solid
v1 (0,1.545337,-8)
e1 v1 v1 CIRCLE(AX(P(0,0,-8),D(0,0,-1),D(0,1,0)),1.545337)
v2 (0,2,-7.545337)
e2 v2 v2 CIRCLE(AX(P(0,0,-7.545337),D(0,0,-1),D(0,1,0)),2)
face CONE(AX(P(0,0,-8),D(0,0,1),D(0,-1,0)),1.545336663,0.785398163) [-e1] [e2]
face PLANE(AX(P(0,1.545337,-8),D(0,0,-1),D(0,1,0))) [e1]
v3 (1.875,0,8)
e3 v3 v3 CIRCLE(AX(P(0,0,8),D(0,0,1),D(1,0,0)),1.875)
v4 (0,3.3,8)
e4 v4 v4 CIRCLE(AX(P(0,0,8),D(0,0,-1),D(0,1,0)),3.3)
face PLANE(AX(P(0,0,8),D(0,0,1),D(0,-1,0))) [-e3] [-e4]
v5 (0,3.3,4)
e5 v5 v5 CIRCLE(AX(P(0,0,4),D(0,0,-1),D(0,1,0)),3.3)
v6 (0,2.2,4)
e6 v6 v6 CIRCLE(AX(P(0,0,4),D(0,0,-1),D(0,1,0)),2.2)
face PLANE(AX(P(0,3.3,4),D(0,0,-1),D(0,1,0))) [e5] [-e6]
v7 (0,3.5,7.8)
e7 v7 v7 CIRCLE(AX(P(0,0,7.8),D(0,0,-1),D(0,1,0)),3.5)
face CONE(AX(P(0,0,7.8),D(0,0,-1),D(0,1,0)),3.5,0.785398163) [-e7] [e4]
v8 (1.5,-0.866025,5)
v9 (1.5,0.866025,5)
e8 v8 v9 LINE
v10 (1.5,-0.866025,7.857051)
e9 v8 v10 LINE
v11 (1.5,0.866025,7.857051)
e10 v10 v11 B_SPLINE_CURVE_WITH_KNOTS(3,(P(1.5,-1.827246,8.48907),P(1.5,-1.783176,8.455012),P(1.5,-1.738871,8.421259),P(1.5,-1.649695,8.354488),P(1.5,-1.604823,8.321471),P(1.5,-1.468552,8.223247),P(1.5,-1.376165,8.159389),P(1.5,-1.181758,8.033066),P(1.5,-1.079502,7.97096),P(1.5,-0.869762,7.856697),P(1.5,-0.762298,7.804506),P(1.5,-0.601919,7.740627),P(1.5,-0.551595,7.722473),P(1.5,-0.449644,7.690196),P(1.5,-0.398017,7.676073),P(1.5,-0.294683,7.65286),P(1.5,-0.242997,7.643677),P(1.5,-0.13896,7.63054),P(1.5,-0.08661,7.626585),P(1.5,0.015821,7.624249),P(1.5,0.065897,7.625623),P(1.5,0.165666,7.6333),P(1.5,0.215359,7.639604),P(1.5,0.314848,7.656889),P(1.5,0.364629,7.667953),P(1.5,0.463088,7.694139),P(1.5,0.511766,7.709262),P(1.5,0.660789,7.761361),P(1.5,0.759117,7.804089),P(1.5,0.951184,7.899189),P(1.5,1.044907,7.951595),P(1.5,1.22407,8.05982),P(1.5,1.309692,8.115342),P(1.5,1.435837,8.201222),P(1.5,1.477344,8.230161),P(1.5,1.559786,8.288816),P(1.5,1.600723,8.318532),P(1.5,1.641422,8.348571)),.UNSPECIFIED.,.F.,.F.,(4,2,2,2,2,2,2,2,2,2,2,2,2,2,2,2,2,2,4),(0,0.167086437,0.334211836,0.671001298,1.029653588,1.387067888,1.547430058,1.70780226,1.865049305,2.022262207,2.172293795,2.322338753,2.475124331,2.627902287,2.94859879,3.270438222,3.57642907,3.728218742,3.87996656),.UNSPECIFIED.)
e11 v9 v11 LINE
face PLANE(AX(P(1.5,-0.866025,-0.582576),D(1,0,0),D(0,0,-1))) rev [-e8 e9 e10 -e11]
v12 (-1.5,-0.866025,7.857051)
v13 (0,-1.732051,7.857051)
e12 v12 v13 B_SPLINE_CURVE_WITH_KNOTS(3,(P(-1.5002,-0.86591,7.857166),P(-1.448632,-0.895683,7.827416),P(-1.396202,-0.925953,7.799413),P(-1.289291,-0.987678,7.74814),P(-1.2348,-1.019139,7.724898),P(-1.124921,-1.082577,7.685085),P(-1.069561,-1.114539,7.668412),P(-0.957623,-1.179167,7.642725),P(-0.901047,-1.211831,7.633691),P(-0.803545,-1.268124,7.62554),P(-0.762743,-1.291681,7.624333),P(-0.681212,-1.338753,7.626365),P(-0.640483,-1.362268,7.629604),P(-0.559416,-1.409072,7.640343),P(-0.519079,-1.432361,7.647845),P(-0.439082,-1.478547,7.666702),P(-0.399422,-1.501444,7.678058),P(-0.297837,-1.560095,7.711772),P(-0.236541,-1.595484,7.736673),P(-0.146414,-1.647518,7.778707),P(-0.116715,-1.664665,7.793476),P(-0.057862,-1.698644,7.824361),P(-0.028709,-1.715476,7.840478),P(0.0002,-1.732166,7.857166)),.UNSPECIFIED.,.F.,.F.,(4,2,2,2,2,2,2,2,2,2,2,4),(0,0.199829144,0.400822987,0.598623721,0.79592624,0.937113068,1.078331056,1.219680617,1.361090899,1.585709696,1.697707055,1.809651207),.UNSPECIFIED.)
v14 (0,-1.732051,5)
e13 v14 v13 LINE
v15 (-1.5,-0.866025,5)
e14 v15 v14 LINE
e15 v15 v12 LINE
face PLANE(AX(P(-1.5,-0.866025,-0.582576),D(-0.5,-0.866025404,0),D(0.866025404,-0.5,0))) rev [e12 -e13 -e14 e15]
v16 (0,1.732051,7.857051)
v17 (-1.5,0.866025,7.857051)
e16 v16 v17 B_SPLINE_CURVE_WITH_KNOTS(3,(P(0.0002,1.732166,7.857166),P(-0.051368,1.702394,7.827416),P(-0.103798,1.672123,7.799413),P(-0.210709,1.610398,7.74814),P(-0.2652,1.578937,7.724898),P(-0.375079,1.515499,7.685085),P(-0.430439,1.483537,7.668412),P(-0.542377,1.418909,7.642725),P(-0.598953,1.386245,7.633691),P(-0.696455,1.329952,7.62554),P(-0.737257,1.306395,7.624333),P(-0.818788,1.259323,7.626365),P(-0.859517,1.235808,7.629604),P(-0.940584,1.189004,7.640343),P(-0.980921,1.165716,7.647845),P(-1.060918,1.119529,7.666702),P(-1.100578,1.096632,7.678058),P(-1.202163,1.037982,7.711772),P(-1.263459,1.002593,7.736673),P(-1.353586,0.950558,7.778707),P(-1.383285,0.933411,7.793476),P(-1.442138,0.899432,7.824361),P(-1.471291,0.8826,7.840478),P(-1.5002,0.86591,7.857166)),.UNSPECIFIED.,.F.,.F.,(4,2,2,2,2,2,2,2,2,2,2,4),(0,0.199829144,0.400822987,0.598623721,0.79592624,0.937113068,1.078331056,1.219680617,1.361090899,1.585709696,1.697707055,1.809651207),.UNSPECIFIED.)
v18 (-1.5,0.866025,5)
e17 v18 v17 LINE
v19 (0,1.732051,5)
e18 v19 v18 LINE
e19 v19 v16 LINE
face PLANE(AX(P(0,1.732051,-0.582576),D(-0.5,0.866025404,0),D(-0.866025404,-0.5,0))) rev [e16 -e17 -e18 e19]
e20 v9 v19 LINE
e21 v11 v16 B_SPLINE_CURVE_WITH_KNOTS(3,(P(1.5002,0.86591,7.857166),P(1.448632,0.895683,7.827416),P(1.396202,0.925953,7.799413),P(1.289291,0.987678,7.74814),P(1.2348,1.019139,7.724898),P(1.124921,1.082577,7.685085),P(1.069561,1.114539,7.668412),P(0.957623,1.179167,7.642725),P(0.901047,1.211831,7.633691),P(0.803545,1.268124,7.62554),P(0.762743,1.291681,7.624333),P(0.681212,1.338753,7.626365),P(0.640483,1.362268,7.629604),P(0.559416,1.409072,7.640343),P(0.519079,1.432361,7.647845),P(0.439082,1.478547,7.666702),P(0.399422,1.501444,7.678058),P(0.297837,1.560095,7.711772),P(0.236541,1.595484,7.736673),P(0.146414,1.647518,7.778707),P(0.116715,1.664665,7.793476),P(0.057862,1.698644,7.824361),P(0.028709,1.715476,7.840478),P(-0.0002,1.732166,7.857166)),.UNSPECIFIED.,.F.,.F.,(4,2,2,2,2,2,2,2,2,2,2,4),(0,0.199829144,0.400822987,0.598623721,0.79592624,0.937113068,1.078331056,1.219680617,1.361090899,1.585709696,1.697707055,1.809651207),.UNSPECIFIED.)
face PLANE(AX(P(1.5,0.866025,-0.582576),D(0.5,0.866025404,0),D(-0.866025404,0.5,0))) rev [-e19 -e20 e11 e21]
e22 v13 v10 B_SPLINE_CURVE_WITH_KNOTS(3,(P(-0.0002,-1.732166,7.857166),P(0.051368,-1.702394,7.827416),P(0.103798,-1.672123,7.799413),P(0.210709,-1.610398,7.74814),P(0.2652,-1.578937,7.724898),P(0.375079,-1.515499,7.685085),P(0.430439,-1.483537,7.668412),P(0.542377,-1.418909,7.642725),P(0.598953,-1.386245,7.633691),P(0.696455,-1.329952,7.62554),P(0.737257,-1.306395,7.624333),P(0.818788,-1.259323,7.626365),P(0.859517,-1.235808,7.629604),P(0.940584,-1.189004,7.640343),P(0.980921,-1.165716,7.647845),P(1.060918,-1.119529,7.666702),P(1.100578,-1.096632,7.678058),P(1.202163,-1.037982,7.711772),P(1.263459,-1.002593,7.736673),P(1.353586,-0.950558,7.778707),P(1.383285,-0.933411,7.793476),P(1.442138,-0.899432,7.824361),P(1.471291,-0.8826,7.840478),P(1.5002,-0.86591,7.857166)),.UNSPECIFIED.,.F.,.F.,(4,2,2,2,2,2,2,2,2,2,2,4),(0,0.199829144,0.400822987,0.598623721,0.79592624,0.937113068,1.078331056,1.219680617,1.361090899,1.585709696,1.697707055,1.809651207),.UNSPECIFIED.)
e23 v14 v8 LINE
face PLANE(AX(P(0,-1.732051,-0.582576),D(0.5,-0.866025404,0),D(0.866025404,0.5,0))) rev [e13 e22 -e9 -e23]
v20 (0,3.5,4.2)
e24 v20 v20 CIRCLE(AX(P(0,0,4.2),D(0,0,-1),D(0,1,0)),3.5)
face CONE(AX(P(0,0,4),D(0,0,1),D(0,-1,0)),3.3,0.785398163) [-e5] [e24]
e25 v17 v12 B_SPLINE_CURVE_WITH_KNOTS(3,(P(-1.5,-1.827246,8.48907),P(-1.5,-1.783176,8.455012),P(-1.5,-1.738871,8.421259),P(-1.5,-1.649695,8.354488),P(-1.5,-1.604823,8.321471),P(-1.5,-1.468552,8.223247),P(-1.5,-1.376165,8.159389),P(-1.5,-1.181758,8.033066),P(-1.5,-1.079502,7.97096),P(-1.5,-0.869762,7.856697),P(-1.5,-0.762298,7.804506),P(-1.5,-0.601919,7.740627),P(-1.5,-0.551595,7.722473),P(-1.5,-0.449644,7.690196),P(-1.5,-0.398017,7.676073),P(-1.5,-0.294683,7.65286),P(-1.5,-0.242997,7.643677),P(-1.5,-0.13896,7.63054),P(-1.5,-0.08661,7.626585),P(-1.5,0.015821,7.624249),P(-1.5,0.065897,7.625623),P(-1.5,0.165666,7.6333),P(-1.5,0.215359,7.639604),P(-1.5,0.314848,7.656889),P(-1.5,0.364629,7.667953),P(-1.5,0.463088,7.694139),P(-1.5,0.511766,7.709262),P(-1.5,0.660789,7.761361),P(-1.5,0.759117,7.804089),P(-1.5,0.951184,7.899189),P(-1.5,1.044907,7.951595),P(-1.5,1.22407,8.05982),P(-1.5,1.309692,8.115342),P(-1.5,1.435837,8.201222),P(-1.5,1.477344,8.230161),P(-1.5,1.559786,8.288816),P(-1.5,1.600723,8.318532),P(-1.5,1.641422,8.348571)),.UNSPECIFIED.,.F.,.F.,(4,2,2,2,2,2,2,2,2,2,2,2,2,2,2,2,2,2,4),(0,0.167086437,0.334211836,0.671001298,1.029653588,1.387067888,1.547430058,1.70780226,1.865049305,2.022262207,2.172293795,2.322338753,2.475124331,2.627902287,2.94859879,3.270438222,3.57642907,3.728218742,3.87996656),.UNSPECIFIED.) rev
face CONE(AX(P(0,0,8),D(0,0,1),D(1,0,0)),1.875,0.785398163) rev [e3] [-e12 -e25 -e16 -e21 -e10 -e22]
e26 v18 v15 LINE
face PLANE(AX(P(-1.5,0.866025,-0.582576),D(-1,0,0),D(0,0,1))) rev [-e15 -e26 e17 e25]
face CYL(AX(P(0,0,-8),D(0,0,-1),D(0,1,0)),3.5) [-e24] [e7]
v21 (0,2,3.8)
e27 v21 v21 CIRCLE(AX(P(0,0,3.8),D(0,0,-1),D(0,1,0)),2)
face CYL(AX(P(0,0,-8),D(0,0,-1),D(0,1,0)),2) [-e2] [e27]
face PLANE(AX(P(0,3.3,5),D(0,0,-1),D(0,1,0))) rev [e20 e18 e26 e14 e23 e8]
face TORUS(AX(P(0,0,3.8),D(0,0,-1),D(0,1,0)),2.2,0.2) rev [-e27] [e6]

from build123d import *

# Parameters (mm, degrees)
CUT_EXTRUDE1_DEPTH = 3


with BuildPart() as part:
    # Sketch2 → Revolve1 (revolve)
    with BuildSketch(Plane(origin=(0, 0, 0), x_dir=(0, 0, -1), z_dir=(1, 0, 0))):
        with BuildLine():
            Line((-8, 0), (-8, 3.3))
            Line((-8, 3.3), (-7.8, 3.5))
            Line((-7.8, 3.5), (-4.2, 3.5))
            Line((-4.2, 3.5), (-4, 3.3))
            Line((-4, 3.3), (-4, 2.2))
            ThreePointArc((-4, 2.2), (-3.941421356, 2.058578644), (-3.8, 2))
            Line((-3.8, 2), (7.545336663, 2))
            Line((7.545336663, 2), (8, 1.545336663))
            Line((8, 1.545336663), (8, 0))
            Line((8, 0), (-8, 0))
        make_face()
    revolve(axis=Axis((0, 0, -8), (0, 0, 1)))

    # Sketch3 → Cut-Extrude1 (cut)
    with BuildSketch(Plane.XY.offset(8)):
        Polygon((1.5, -0.866025404), (1.5, 0.866025404), (0, 1.732050808), (-1.5, 0.866025404), (-1.5, -0.866025404), (0, -1.732050808), align=None)
    extrude(amount=-CUT_EXTRUDE1_DEPTH, mode=Mode.SUBTRACT)

    # Cut-Extrude2 cone 1 section (through the dimple's axis) → Cut-Extrude2 (revolve, cut)
    with BuildSketch(Plane(origin=(0, 0, 8), x_dir=(0, -1, 0), z_dir=(1, 0, 0))):
        Polygon((0, 0), (1.875, 0), (0, 1.875), align=None)
    revolve(axis=Axis((0, 0, 8), (0, 0, -1)), mode=Mode.SUBTRACT)


solid = part.part
